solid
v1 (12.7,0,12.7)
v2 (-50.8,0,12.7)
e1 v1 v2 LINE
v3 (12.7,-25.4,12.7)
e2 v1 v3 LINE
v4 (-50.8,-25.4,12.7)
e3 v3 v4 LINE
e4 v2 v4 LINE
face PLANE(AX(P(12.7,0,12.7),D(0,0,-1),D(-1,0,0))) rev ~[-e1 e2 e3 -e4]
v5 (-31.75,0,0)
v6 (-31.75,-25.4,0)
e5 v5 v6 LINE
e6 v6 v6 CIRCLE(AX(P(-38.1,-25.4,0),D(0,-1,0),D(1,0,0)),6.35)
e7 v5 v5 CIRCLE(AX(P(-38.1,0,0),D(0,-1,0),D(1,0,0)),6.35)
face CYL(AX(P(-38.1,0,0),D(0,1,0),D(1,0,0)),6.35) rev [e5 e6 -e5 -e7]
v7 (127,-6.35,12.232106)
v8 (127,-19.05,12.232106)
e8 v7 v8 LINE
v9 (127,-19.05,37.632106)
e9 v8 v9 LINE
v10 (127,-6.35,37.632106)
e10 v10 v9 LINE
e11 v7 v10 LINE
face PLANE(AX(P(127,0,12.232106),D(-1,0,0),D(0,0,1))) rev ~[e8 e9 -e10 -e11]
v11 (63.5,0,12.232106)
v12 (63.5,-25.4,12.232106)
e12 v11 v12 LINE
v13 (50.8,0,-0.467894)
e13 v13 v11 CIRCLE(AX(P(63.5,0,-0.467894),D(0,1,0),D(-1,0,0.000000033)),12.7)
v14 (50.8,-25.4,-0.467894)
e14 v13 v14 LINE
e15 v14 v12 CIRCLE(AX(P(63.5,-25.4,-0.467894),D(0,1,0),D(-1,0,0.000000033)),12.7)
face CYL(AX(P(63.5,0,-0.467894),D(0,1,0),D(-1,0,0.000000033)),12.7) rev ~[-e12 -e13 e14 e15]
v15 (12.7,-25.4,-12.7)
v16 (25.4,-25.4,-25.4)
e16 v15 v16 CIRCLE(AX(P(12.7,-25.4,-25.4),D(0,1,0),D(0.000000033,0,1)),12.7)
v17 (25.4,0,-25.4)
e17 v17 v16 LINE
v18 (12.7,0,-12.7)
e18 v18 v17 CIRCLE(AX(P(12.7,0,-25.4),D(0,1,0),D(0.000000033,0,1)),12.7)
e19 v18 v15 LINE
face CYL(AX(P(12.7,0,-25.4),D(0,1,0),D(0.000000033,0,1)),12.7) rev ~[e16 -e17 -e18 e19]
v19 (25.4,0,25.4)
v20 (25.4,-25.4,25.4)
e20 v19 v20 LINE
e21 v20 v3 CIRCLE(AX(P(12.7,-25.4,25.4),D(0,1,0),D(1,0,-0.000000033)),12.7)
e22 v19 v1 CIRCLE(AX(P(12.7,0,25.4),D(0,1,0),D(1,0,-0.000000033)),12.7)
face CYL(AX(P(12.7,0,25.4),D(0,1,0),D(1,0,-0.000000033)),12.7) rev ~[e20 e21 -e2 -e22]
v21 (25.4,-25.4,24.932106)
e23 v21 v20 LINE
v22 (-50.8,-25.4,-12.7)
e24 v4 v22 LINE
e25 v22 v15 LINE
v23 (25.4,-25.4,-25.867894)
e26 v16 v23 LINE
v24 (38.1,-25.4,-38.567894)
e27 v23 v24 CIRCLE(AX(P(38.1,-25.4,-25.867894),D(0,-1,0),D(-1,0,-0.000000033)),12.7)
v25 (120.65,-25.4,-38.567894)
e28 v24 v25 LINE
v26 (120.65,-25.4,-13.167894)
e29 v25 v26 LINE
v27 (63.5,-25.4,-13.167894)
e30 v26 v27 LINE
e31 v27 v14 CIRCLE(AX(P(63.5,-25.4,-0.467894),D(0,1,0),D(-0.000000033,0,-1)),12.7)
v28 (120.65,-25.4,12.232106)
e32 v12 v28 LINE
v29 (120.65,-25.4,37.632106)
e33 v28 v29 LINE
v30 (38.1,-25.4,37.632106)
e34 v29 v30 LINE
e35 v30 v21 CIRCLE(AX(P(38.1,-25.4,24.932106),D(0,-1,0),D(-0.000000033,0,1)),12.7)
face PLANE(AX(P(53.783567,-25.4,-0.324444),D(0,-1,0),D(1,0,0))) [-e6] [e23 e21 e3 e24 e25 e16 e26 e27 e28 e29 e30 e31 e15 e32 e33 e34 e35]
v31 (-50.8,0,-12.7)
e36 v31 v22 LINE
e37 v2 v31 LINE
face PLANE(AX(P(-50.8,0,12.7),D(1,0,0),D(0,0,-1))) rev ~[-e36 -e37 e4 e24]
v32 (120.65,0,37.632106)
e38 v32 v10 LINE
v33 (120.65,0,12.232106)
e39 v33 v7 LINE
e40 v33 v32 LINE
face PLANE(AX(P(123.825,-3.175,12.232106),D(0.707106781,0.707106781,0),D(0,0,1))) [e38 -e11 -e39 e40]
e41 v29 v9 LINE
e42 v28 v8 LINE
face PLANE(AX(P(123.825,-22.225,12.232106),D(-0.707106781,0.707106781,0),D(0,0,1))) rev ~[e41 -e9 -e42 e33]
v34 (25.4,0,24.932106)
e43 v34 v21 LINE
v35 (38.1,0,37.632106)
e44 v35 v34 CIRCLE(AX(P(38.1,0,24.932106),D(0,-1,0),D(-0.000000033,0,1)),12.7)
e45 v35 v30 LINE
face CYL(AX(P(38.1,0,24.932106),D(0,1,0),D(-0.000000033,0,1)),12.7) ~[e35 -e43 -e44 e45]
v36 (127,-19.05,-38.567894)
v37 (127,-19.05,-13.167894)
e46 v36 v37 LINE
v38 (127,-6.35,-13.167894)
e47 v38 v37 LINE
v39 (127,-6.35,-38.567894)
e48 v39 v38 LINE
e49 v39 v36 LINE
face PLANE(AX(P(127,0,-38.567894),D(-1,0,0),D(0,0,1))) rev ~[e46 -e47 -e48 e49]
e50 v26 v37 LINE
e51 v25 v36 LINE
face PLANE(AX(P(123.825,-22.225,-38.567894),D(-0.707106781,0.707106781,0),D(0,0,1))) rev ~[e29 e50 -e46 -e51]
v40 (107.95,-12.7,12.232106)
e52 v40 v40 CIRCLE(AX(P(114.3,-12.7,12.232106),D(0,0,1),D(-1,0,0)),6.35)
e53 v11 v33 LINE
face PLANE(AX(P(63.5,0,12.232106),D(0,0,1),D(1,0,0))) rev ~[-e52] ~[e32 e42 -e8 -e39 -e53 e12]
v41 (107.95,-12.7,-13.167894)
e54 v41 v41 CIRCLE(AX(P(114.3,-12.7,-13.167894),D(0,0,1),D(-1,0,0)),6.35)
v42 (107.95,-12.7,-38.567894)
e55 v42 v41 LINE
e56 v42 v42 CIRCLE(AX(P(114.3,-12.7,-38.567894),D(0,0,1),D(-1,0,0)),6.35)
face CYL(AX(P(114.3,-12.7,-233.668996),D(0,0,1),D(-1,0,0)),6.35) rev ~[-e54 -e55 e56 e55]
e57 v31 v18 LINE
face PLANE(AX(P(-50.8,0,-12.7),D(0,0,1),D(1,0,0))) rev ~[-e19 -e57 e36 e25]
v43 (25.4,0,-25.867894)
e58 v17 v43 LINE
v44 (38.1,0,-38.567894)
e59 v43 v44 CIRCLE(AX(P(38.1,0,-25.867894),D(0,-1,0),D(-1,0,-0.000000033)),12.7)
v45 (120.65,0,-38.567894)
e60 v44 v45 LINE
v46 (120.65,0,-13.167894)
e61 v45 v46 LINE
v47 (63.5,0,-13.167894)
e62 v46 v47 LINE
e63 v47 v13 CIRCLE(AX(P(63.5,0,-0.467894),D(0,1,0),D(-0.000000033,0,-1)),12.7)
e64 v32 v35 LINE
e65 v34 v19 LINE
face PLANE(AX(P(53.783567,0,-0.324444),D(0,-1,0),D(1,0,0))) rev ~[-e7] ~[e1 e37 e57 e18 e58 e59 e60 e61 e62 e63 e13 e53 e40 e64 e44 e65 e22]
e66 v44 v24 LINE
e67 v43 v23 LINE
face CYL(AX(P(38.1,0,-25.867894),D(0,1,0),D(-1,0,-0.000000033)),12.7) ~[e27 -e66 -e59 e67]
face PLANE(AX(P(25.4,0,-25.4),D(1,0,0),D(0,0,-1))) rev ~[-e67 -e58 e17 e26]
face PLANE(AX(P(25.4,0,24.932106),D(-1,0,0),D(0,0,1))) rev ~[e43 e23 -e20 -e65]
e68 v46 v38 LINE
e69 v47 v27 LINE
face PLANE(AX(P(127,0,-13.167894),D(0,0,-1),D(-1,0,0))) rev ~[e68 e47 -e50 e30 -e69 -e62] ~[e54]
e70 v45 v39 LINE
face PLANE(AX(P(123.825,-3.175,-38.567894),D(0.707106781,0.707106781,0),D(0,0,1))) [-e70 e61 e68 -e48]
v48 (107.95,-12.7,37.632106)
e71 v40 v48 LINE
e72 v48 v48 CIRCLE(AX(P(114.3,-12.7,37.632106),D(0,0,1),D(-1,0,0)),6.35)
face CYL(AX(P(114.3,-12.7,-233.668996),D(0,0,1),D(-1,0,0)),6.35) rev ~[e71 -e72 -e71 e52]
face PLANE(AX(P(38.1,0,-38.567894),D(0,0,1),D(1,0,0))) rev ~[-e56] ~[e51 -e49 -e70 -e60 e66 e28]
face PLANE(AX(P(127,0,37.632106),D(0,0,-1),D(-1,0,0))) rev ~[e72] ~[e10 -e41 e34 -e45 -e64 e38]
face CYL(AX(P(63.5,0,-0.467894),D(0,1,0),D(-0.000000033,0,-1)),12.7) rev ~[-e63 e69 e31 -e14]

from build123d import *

# Parameters (mm, degrees)
F0_R     = 6.35
F1_DEPTH = 25.4
F3_D     = 12.7
F4_SIZE  = 6.35


with BuildPart() as f1:
    # F0 (on Front) → F1 (new body)
    with BuildSketch(Plane.XZ):
        with BuildLine():
            Line((12.7, 12.7), (-50.8, 12.7))
            Line((-50.8, 12.7), (-50.8, -12.7))
            Line((-50.8, -12.7), (12.7, -12.7))
            ThreePointArc((12.7, -12.7), (21.680256, -16.419744), (25.4, -25.4))
            Line((25.4, -25.4), (25.4, -25.867894))
            ThreePointArc((25.4, -25.867894), (29.119744, -34.84815), (38.1, -38.567894))
            Line((38.1, -38.567894), (127, -38.567894))
            Line((127, -38.567894), (127, -13.167894))
            Line((127, -13.167894), (63.5, -13.167894))
            ThreePointArc((63.5, -13.167894), (54.519744, -9.44815), (50.8, -0.467894))
            ThreePointArc((50.8, -0.467894), (54.519744, 8.512362), (63.5, 12.232106))
            Line((63.5, 12.232106), (127, 12.232106))
            Line((127, 12.232106), (127, 37.632106))
            Line((127, 37.632106), (38.1, 37.632106))
            ThreePointArc((38.1, 37.632106), (29.119744, 33.912362), (25.4, 24.932106))
            Line((25.4, 24.932106), (25.4, 25.4))
            ThreePointArc((25.4, 25.4), (21.680256, 16.419744), (12.7, 12.7))
        make_face()
        with Locations((-38.1, 0)):
            Circle(F0_R, mode=Mode.SUBTRACT)
    extrude(amount=F1_DEPTH)

    # F3 (through all)
    with Locations(Plane(origin=(0, 0, -38.567894), x_dir=(1, 0, 0), z_dir=(0, 0, -1))):
        with Locations((114.3, 12.7)):
            Hole(F3_D / 2)

    # F4
    f4_edges = [f1.edges().sort_by_distance(p)[0] for p in [
        (127, -25.4, -25.867894),
        (127, 0, -25.867894),
        (127, -25.4, 24.932106),
        (127, 0, 24.932106),
    ]]
    chamfer(f4_edges, length=F4_SIZE)


solid = f1.part
